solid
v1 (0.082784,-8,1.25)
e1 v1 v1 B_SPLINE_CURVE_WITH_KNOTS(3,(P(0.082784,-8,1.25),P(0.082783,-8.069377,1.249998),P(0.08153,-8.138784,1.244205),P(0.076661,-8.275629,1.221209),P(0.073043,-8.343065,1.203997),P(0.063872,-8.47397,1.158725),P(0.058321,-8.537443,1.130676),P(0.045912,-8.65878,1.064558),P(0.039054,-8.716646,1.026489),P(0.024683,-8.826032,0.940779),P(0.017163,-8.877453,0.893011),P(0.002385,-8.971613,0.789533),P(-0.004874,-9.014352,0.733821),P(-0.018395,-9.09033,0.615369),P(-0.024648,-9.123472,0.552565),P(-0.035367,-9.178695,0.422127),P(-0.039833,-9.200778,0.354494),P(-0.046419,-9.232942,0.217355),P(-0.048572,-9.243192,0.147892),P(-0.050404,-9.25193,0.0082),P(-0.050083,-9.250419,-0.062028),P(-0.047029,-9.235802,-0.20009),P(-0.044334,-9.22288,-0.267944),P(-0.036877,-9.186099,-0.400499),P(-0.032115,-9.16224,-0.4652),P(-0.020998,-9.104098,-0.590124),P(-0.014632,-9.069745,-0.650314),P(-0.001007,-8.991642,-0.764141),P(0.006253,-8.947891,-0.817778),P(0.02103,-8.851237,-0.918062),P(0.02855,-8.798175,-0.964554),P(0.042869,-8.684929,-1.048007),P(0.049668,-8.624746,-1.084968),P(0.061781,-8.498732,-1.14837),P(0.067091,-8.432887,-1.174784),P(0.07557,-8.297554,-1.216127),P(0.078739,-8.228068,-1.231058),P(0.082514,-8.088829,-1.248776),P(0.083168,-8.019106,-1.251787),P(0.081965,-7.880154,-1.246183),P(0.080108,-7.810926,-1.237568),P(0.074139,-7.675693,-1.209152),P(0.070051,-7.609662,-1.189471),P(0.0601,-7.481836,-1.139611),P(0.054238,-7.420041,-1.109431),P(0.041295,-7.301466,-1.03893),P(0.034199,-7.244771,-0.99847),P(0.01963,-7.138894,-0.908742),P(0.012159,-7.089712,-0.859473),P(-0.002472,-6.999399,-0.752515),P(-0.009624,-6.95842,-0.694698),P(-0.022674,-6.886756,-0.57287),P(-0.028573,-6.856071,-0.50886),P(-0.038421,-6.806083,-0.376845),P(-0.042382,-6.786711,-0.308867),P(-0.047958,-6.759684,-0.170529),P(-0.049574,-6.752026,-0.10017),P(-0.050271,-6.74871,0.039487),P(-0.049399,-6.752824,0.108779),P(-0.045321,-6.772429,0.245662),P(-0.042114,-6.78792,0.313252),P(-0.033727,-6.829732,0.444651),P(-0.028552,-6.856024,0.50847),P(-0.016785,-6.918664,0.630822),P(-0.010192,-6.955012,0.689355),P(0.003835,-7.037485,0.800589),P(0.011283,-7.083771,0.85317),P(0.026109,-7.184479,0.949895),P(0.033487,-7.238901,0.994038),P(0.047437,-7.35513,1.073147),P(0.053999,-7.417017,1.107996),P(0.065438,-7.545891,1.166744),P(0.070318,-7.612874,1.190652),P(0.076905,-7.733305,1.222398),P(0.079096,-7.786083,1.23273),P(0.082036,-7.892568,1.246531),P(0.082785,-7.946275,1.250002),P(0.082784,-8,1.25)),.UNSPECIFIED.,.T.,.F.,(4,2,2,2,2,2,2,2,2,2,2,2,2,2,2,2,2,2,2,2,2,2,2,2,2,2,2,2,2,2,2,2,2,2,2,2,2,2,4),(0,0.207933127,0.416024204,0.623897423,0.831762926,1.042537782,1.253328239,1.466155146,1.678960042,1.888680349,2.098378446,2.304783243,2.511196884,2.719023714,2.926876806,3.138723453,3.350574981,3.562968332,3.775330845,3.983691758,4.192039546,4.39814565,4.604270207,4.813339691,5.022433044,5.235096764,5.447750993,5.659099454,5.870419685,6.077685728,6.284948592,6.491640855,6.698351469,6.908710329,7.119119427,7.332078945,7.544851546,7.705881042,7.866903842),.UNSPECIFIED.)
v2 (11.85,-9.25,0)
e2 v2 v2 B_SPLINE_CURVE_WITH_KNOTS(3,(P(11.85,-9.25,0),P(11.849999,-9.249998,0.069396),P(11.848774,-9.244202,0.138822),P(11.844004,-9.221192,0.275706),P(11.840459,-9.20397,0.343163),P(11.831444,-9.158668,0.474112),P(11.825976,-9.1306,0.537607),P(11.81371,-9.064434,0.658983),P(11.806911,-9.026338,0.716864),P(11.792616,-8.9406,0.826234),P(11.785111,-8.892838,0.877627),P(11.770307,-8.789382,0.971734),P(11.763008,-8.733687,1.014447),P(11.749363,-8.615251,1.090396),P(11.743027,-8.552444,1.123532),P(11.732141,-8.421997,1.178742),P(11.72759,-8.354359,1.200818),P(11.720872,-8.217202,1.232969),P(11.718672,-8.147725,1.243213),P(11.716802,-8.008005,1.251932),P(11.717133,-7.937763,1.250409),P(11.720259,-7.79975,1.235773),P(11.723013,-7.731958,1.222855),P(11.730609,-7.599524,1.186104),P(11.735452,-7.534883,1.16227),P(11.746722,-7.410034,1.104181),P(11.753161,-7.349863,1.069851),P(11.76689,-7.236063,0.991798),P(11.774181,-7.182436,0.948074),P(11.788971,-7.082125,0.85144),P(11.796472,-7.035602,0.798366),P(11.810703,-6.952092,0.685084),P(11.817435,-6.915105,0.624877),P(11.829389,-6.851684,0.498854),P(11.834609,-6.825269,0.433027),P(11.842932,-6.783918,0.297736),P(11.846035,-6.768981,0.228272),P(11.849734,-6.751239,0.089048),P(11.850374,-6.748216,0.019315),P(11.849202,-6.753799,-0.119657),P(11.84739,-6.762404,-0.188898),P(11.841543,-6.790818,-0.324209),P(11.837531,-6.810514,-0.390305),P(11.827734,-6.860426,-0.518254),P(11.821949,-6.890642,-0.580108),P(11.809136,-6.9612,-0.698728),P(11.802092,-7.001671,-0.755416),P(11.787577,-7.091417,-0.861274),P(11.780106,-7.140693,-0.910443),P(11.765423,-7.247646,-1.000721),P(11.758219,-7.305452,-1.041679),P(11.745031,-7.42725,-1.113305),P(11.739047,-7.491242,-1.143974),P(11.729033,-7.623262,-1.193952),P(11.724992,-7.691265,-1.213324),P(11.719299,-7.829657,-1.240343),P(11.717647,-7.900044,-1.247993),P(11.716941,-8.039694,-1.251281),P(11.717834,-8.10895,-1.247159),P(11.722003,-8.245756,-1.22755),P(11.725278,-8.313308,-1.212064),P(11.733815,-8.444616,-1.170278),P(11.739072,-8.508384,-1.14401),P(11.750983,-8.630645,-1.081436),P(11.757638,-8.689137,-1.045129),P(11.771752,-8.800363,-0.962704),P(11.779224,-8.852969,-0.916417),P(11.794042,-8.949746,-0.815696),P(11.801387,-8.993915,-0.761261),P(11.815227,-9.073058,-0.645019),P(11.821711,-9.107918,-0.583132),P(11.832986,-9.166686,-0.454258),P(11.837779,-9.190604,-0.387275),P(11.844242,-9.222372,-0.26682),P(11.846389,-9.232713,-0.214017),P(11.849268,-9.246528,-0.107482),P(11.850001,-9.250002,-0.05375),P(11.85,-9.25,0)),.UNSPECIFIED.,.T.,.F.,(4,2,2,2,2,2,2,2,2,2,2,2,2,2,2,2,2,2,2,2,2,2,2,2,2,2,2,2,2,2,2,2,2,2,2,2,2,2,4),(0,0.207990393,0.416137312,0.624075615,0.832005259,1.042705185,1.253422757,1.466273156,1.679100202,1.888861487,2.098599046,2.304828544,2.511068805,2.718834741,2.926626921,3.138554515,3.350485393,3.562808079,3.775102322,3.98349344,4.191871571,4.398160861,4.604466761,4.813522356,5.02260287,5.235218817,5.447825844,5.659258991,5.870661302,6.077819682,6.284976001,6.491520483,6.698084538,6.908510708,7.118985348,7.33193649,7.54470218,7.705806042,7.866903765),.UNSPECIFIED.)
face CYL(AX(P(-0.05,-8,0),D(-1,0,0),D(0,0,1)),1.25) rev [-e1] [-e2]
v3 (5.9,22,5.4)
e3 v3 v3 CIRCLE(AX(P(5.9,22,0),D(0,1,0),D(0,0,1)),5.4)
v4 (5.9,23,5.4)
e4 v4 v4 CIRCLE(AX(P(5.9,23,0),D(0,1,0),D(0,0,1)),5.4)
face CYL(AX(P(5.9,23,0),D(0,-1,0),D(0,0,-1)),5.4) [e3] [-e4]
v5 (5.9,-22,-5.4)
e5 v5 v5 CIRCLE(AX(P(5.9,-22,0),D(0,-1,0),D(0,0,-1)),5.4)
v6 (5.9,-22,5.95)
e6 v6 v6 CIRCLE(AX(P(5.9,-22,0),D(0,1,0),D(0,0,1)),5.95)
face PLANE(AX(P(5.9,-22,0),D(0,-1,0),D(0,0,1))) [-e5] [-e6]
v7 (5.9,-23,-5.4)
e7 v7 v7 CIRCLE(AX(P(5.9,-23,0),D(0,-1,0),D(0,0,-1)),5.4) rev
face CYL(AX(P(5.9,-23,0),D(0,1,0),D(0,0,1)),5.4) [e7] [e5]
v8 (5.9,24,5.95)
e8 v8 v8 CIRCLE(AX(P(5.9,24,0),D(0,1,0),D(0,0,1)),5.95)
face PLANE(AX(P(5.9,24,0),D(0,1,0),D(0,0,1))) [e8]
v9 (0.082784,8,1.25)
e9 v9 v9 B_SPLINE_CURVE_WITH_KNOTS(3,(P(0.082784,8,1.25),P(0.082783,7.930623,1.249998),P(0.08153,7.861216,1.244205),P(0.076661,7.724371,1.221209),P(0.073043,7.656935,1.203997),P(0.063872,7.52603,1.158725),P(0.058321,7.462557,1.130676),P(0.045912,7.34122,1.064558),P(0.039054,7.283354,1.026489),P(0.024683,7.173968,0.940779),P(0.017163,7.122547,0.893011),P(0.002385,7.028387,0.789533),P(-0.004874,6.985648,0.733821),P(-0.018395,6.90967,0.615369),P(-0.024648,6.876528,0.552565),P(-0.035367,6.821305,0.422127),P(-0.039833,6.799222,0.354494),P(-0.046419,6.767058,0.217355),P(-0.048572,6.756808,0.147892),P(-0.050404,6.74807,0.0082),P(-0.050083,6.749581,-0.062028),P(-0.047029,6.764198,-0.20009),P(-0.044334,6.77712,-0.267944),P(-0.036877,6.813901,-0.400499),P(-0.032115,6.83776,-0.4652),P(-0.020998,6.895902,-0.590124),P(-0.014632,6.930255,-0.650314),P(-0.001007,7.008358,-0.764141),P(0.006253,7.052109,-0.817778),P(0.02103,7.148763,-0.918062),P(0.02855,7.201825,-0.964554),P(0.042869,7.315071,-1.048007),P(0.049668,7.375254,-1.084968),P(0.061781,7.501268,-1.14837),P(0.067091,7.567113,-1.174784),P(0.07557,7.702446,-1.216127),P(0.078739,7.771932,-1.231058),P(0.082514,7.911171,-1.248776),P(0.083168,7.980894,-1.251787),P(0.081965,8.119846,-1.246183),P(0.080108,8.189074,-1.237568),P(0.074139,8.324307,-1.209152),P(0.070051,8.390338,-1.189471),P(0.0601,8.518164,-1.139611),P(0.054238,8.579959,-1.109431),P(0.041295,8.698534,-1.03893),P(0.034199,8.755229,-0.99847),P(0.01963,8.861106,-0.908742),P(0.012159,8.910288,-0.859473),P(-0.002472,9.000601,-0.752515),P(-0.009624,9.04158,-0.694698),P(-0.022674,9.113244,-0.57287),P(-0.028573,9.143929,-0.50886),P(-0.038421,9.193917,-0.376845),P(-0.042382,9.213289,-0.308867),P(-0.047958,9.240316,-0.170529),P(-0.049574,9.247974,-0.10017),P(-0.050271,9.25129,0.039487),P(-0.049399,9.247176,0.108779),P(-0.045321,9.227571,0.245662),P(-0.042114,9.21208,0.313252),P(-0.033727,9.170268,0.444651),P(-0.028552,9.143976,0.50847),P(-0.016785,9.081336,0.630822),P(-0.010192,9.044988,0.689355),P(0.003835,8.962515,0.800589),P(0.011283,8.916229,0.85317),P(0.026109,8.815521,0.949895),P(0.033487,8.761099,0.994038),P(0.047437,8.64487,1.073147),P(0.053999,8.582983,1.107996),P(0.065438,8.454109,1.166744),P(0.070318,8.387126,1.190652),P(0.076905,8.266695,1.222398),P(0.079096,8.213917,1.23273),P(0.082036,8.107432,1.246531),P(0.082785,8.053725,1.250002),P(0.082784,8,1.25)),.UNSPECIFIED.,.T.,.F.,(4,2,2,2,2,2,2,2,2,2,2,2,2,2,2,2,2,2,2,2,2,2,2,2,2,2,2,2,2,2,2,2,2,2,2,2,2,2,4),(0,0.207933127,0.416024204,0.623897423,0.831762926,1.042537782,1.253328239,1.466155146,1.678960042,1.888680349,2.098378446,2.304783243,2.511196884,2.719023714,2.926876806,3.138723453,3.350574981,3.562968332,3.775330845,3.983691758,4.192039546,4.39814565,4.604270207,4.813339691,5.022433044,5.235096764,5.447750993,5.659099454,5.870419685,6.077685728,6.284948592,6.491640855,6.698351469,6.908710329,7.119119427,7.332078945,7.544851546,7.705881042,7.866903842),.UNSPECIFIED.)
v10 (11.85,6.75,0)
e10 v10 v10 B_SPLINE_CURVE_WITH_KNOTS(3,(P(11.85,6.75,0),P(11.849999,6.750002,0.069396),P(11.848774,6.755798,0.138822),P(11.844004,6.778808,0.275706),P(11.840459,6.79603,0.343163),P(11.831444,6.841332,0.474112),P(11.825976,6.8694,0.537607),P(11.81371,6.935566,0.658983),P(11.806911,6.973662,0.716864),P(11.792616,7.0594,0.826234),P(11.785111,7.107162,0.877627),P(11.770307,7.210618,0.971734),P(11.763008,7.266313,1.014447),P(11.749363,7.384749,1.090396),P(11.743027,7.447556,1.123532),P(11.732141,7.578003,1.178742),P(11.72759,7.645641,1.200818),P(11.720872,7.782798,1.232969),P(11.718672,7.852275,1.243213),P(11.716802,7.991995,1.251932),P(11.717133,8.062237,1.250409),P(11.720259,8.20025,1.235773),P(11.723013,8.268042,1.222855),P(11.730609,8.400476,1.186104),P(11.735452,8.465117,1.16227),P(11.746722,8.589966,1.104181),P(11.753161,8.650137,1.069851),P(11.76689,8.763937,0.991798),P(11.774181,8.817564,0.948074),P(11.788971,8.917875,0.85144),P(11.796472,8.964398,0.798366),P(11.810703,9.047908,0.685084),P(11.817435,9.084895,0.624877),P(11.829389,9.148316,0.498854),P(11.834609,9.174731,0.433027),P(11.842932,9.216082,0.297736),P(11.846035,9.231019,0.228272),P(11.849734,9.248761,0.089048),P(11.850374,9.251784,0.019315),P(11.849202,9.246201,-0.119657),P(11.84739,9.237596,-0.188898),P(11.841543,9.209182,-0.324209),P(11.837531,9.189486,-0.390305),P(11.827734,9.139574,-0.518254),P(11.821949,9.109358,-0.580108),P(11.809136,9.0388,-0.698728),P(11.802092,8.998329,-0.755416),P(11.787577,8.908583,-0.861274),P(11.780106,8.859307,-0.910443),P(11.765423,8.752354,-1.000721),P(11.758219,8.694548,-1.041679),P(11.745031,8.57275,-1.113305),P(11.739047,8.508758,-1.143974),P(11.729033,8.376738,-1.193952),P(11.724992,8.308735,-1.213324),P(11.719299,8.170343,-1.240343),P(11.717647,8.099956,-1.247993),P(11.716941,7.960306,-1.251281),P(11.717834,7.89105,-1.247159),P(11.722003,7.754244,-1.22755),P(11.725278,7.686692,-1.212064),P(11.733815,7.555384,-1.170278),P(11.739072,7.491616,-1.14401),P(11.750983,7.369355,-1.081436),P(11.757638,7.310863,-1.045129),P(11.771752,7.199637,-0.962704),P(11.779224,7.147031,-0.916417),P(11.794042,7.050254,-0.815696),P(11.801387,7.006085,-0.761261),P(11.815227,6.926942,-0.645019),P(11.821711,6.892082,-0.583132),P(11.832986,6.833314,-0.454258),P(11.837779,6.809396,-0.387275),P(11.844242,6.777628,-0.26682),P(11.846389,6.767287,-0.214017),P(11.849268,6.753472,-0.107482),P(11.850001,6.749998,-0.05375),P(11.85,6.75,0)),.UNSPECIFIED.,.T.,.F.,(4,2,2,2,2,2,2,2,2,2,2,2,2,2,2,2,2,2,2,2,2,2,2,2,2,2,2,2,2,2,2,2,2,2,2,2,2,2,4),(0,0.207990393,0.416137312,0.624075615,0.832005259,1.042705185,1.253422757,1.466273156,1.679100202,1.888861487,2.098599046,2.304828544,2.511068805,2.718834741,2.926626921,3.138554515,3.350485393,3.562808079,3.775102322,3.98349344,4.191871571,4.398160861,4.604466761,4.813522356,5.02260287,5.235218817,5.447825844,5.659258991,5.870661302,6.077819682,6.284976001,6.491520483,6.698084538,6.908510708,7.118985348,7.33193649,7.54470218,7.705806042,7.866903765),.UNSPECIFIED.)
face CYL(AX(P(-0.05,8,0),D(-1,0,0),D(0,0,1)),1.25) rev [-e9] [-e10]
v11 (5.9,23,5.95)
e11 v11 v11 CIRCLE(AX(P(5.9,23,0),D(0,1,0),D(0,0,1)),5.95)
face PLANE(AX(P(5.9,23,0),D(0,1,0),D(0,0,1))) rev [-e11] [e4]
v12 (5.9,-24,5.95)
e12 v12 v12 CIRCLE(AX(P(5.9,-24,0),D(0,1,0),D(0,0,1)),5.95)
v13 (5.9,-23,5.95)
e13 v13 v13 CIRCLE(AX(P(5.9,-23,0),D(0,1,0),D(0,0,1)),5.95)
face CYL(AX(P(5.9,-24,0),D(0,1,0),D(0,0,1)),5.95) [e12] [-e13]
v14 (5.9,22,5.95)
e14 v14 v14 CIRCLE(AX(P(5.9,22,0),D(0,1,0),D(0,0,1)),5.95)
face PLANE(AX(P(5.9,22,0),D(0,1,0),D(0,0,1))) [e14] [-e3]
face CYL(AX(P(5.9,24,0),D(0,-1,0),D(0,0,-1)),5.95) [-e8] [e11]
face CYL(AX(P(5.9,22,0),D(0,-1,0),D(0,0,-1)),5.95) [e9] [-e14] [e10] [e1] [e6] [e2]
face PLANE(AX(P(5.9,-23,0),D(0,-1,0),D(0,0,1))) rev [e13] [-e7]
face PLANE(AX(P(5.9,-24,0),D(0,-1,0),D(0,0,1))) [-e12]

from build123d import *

# Parameters (mm, degrees)
SKETCH_1_R         = 5.95
EXTRUDE_1_DEPTH    = 22
SKETCH_2_R         = 5.4
EXTRUDE_2_DEPTH    = 1
SKETCH_3_R         = 5.95
EXTRUDE_3_DEPTH    = 1
HOLE_WIZARD_M3_2_D = 2.5


with BuildPart() as part:
    # 草图1 → 凸台-拉伸1 (new body)
    with BuildSketch(Plane(origin=(0, 0, 0), x_dir=(1, 0, 0), z_dir=(0, 1, 0))):
        with Locations(Location((5.9, 0, 0), (0, 0, 270))):
            Circle(SKETCH_1_R)
    extrude_1 = extrude(amount=EXTRUDE_1_DEPTH)

    # 草图2 → 凸台-拉伸2 (add)
    with BuildSketch(Plane(origin=(0, 22, 0), x_dir=(1, 0, 0), z_dir=(0, 1, 0))):
        with Locations(Location((5.9, 0, 0), (0, 0, 270))):
            Circle(SKETCH_2_R)
    extrude_2 = extrude(amount=EXTRUDE_2_DEPTH)

    # 草图3 → 凸台-拉伸3 (add)
    with BuildSketch(Plane(origin=(0, 23, 0), x_dir=(1, 0, 0), z_dir=(0, 1, 0))):
        with Locations(Location((5.9, 0, 0), (0, 0, 270))):
            Circle(SKETCH_3_R)
    extrude_3 = extrude(amount=EXTRUDE_3_DEPTH)

    # 镜向10: 凸台-拉伸1, 凸台-拉伸2, 凸台-拉伸3 across plane
    add(extrude_1.mirror(Plane.ZX))
    add(extrude_2.mirror(Plane.ZX))
    add(extrude_3.mirror(Plane.ZX))

    # M3 螺纹孔2 (through all)
    with Locations(Plane(origin=(-0.05, -8, 0), x_dir=(0, 0, -1), z_dir=(-1, 0, 0))):
        with Locations((0, 0), (0, -16)):
            Hole(HOLE_WIZARD_M3_2_D / 2)


solid = part.part
